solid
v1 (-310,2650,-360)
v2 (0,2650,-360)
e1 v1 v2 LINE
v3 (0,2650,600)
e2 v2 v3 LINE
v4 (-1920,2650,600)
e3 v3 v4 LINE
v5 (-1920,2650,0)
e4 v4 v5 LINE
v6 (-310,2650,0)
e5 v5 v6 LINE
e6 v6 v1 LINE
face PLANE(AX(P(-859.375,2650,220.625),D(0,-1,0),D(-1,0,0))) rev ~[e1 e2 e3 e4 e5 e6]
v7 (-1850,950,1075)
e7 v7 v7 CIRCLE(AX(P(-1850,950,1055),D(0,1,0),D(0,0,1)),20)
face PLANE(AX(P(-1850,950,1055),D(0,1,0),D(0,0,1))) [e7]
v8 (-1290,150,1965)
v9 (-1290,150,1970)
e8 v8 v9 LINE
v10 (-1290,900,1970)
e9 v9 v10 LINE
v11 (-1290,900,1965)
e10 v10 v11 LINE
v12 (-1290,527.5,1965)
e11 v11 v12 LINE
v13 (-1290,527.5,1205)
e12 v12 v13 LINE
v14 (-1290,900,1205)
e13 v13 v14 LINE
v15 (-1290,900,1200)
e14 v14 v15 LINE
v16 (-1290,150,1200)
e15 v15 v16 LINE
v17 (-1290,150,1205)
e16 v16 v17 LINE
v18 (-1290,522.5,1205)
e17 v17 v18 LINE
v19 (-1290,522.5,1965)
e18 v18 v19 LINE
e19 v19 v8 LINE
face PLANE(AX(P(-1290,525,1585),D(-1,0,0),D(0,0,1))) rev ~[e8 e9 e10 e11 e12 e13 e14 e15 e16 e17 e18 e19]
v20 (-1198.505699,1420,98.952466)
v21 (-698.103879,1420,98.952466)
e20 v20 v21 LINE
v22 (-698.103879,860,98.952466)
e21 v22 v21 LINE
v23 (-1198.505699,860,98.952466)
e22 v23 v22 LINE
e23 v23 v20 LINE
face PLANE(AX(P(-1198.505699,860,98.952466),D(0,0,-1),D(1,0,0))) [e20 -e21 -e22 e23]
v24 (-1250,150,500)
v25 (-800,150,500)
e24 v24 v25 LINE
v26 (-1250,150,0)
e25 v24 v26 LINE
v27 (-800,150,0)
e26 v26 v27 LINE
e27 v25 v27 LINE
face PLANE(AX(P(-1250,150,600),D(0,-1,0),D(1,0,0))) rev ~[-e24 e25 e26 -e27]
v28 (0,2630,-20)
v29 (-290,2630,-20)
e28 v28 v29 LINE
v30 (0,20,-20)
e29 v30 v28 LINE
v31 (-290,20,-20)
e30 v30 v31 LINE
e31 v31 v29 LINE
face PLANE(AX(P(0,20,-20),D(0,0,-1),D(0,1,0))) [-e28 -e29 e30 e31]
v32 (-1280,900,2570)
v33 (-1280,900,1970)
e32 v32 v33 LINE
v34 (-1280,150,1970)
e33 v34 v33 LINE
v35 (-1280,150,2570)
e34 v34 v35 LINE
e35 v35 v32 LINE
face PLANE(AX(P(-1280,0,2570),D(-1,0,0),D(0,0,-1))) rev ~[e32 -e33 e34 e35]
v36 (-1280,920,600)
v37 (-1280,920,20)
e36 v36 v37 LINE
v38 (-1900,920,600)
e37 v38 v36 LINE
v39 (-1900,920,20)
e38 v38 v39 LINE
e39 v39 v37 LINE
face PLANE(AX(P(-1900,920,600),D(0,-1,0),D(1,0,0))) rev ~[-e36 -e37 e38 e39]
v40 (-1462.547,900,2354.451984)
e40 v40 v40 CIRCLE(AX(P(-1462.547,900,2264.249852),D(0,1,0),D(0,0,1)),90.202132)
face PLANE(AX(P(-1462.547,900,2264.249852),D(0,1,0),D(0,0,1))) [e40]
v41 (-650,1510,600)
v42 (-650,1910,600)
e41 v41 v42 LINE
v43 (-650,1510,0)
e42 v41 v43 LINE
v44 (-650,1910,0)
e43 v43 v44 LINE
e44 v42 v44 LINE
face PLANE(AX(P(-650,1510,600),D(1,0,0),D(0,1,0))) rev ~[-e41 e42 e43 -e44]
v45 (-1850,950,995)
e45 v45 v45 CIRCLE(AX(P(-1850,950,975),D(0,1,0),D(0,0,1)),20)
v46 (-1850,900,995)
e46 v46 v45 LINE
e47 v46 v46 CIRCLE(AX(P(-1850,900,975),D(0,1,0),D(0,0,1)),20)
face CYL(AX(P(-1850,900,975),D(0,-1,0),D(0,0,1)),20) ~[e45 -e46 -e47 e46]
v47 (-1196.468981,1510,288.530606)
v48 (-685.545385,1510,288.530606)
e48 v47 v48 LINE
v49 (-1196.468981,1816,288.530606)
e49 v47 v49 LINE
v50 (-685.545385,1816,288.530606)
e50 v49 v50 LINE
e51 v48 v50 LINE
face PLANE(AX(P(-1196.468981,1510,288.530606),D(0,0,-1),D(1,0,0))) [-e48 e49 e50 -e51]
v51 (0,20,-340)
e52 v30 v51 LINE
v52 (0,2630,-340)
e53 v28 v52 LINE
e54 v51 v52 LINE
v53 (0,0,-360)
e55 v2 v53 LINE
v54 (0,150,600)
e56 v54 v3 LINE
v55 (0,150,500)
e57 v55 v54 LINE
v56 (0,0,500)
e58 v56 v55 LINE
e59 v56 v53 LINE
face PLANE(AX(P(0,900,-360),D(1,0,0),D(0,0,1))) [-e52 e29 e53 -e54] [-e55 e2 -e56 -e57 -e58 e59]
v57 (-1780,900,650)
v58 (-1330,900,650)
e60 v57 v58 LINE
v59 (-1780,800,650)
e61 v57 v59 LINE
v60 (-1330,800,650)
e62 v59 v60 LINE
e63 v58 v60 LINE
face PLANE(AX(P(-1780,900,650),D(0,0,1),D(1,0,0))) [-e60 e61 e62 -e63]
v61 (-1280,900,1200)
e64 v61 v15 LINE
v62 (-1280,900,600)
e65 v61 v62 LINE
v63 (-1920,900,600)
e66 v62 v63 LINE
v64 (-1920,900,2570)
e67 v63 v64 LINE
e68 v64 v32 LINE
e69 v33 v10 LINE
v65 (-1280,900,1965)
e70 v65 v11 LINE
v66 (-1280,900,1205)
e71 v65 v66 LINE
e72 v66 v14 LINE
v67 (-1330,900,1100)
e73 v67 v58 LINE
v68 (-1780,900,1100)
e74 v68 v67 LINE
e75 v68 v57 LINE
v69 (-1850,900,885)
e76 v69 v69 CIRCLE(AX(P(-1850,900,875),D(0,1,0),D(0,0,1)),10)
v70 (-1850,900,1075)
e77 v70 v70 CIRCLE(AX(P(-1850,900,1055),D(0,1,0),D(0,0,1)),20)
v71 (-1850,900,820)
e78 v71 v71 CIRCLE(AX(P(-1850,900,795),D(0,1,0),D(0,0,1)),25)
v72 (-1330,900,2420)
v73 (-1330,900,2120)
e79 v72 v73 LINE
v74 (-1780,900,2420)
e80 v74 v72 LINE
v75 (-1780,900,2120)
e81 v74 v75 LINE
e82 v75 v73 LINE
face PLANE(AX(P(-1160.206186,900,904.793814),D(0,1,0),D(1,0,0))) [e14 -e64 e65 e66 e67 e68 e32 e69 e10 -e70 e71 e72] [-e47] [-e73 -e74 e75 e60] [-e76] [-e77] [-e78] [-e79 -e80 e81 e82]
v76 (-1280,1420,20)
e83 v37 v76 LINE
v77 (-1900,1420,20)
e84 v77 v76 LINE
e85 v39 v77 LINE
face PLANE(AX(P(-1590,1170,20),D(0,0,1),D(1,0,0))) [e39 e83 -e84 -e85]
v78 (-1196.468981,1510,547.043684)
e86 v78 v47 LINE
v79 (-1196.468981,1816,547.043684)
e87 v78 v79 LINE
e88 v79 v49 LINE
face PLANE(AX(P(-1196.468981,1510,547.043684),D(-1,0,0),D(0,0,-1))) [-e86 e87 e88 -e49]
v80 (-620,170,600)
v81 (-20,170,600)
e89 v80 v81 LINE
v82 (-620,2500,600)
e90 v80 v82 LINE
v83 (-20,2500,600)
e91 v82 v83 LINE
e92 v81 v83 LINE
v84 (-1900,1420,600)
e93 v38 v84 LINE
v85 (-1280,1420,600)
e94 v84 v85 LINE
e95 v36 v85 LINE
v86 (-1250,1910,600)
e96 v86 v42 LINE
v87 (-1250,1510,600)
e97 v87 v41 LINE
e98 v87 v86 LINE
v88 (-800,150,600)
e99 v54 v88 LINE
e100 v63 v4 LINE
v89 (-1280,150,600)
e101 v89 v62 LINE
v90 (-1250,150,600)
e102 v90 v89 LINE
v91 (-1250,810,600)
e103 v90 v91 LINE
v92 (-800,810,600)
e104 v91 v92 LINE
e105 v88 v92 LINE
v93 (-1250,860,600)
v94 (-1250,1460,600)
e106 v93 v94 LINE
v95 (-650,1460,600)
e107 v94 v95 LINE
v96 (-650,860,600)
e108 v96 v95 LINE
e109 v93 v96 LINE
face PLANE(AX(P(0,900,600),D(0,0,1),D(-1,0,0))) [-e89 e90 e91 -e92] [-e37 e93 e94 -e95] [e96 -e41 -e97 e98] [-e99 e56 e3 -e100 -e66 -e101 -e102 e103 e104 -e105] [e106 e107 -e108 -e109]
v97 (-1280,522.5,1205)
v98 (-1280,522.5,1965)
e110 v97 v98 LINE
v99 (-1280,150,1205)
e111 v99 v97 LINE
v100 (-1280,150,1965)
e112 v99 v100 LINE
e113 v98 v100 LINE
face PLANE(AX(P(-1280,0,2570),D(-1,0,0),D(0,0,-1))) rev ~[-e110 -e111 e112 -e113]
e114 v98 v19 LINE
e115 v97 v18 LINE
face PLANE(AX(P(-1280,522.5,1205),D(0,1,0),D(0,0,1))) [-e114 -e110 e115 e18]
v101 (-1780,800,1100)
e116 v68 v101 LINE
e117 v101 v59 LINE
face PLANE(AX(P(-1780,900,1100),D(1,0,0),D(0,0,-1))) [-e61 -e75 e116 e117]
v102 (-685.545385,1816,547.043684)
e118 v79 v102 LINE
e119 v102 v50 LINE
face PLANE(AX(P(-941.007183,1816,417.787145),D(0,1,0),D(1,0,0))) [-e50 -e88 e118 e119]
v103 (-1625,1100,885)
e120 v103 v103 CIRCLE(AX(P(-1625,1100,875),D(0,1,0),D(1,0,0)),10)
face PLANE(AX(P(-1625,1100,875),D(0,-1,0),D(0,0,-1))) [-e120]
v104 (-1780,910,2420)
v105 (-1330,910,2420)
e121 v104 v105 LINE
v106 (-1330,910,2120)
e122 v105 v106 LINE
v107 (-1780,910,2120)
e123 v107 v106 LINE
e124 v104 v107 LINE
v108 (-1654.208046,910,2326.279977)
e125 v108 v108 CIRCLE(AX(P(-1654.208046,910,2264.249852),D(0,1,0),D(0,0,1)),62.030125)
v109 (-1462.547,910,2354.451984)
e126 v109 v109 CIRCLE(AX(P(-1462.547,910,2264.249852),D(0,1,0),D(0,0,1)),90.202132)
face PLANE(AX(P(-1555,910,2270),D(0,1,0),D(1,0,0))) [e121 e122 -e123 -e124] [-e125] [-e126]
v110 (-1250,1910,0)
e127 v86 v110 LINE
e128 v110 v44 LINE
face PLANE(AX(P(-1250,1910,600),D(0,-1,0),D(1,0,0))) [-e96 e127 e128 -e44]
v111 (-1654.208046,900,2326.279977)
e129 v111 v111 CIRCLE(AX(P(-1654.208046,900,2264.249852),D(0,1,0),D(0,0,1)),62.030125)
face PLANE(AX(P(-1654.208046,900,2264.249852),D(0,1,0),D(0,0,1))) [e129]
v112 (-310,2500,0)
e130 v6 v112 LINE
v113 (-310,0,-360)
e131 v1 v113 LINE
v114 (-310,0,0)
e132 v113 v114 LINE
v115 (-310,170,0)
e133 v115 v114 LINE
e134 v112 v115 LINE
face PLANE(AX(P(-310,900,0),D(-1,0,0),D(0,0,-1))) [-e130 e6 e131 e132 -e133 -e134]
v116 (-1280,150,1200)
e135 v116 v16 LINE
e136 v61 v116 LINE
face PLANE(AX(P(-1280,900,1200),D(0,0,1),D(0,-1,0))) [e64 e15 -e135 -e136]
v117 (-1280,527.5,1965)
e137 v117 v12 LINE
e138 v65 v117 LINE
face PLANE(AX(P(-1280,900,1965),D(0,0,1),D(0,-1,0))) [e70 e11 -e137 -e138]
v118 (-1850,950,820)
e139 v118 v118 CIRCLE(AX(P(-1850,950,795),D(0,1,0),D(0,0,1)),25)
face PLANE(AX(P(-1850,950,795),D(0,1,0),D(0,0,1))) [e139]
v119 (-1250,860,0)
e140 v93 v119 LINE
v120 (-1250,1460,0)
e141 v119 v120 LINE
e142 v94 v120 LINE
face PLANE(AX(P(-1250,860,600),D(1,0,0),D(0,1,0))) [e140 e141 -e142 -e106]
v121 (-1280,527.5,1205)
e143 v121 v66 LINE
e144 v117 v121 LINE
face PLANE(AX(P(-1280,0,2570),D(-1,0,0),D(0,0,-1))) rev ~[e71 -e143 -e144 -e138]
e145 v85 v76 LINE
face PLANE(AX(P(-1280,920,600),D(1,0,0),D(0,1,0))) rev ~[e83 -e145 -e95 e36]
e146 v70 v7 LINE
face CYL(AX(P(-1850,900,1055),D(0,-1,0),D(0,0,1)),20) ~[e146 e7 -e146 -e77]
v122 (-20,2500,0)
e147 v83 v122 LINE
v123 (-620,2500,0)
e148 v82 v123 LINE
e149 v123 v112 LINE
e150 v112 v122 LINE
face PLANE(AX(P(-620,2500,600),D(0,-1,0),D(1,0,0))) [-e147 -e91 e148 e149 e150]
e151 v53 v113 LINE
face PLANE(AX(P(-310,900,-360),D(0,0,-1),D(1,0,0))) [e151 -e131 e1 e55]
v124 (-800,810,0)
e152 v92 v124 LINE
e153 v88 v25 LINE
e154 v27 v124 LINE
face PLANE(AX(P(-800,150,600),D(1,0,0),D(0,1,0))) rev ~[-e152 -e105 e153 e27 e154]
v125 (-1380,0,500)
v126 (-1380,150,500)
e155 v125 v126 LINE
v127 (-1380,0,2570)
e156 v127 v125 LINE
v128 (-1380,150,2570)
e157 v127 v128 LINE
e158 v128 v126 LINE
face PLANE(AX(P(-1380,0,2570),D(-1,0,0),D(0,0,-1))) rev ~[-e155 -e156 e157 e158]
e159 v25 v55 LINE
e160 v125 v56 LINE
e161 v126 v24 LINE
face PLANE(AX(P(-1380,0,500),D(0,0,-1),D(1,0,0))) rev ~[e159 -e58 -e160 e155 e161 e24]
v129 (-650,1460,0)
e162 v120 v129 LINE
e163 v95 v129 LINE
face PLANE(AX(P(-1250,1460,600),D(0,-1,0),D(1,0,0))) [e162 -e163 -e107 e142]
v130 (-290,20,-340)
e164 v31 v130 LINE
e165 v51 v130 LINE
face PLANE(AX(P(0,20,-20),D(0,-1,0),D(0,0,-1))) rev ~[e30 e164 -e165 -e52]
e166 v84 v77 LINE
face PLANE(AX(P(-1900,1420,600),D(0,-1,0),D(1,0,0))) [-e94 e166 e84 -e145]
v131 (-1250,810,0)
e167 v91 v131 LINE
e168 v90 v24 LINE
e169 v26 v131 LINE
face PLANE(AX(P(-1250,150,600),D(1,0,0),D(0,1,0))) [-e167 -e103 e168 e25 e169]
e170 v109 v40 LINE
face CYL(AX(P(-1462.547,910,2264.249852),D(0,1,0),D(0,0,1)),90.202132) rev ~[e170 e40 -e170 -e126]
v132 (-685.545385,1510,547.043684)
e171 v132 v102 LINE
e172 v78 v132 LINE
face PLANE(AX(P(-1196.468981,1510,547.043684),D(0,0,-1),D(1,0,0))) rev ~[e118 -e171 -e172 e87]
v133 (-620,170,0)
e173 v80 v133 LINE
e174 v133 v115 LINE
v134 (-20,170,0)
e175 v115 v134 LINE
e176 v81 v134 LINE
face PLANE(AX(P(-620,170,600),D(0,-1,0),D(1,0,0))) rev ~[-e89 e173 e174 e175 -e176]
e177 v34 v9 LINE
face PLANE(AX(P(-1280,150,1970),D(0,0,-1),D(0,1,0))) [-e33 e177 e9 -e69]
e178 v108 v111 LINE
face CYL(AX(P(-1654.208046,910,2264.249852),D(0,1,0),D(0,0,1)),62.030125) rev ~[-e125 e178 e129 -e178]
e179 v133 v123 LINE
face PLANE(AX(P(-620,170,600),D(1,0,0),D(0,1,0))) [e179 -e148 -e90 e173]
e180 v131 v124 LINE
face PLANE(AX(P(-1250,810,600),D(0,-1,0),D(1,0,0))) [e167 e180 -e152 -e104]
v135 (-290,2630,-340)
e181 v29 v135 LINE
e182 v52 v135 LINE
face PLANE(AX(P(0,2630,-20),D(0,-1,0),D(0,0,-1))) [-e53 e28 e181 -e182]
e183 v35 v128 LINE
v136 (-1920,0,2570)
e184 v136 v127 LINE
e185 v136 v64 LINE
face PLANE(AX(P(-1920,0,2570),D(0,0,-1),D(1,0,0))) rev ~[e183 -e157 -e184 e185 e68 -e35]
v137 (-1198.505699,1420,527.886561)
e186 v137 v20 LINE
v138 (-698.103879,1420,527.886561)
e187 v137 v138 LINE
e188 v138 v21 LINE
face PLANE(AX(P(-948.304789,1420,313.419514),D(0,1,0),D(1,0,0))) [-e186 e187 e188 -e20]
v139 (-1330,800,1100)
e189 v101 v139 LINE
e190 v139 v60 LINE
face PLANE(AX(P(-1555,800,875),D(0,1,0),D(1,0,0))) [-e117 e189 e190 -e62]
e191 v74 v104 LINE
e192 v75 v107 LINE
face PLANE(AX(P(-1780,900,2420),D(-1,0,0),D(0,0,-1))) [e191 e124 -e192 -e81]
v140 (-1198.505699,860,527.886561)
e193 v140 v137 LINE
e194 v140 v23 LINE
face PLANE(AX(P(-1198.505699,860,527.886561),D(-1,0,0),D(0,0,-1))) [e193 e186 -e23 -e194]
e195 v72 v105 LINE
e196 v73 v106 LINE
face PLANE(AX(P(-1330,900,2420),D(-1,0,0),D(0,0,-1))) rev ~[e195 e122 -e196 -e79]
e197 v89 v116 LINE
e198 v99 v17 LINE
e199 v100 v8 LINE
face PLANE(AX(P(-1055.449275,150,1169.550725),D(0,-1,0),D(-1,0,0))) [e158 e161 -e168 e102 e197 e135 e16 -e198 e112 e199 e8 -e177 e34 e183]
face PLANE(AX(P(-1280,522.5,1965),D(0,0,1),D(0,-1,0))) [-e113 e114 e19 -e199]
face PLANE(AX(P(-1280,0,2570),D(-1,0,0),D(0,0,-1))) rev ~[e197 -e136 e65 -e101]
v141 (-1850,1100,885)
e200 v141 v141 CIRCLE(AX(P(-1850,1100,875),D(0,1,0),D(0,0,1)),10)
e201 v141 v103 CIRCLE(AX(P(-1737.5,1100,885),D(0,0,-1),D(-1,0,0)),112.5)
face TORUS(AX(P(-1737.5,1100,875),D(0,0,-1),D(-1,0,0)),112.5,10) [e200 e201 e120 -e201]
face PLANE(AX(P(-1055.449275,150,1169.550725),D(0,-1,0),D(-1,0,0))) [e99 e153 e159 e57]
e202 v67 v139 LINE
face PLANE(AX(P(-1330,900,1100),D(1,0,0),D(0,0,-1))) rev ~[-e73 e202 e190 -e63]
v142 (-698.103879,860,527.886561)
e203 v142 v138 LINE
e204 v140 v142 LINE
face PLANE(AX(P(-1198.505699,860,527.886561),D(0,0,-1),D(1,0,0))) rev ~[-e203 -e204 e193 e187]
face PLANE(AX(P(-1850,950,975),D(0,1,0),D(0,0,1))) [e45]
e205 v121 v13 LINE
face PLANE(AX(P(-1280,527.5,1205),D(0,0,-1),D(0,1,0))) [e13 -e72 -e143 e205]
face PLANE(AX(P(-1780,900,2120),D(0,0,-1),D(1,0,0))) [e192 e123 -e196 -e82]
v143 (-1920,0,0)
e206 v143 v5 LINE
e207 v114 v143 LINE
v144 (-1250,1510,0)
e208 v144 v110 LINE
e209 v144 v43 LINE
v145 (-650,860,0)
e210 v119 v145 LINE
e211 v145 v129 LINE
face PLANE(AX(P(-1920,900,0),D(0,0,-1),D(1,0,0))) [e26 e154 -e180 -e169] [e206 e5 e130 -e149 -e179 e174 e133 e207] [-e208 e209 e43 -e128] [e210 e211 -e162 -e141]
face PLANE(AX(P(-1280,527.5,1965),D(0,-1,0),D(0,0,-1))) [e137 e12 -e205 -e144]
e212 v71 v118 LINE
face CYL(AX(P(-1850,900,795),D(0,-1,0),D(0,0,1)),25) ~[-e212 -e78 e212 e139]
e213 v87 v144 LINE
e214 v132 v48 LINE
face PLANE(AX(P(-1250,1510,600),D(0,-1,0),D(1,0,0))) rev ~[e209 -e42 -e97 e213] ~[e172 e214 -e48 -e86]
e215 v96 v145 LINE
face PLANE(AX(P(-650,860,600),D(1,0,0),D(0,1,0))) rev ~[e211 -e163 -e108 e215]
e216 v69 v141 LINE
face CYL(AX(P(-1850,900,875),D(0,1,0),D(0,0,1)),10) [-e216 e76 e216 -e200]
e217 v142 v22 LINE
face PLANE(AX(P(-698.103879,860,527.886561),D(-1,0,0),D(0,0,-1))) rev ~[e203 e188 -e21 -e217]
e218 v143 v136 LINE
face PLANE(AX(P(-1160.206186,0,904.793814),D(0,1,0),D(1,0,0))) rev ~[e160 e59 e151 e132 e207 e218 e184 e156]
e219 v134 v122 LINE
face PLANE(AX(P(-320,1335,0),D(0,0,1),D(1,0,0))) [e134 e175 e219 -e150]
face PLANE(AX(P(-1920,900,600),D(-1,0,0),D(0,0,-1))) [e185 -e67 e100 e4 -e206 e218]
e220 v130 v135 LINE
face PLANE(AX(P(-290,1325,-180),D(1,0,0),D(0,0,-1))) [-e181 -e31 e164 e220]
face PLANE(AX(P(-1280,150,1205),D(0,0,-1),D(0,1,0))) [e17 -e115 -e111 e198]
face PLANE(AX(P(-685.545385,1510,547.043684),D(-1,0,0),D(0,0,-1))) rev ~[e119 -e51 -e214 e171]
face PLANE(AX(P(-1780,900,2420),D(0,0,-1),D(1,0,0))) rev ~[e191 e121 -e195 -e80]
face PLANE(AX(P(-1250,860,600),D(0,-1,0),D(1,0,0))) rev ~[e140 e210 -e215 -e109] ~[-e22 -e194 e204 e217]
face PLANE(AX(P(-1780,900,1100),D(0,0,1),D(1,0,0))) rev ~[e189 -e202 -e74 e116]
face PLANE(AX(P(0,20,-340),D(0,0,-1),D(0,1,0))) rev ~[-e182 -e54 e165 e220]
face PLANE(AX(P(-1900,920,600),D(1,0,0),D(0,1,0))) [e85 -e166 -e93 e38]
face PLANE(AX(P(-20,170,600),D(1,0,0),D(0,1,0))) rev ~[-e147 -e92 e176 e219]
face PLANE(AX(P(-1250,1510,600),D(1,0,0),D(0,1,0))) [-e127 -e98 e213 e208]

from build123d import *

# Parameters (mm, degrees)
EXTRUDE_1_DEPTH      = 900
EXTRUDE_2_DEPTH      = 1750
CUT_EXTRUDE_1_DEPTH  = 150
SKETCH_5_W           = 600
SKETCH_5_H           = 2330
CUT_EXTRUDE_3_DEPTH  = 600
CUT_EXTRUDE_4_REACH  = 3821.66
SKETCH_6_W           = 450
SKETCH_6_H           = 660
SKETCH_7_W           = 600
SKETCH_7_H           = 600
CUT_EXTRUDE_5_DEPTH  = 600
SKETCH_8_W           = 600
SKETCH_8_H           = 400
CUT_EXTRUDE_6_DEPTH  = 600
SKETCH_9_W           = 320
SKETCH_9_H           = 2610
CUT_EXTRUDE_7_DEPTH  = 290
SKETCH_10_W          = 450
SKETCH_10_H          = 450
CUT_EXTRUDE_8_DEPTH  = 100
SKETCH_11_W          = 620
SKETCH_11_H          = 500
CUT_EXTRUDE_9_DEPTH  = 580
SKETCH_12_W          = 450
SKETCH_12_H          = 300
EXTRUDE_3_DEPTH      = 10
SKETCH_13_R          = 62.030124837
SKETCH_13_R_2        = 90.202132014
CUT_EXTRUDE_10_DEPTH = 10
CUT_EXTRUDE_11_DEPTH = 10
SWEEP_1_PROFILE_R    = 10
SKETCH_21_R          = 20
SKETCH_21_R_2        = 25
EXTRUDE_4_DEPTH      = 50
SKETCH_22_W          = 510.923596237
SKETCH_22_H          = 258.513078401
EXTRUDE_5_DEPTH      = 306
SKETCH_23_W          = 500.401819184
SKETCH_23_H          = 428.934094681
EXTRUDE_6_DEPTH      = 560


with BuildPart() as part:
    # Эскиз1 → Бобышка-Вытянуть1 (new body)
    with BuildSketch(Plane(origin=(0, 0, 0), x_dir=(1, 0, 0), z_dir=(0, 1, 0))):
        Polygon((-310, 0), (-1920, 0), (-1920, -2570), (-1280, -2570), (-1280, -600), (0, -600), (0, 0), (0, 360), (-310, 360), align=None)
    extrude(amount=EXTRUDE_1_DEPTH)

    # Эскиз2 → Бобышка-Вытянуть2 (add)
    with BuildSketch(Plane(origin=(0, 900, 0), x_dir=(1, 0, 0), z_dir=(0, 1, 0))):
        Polygon((-1920, 0), (-310, 0), (-310, 360), (0, 360), (0, -600), (-1920, -600), align=None)
    extrude(amount=EXTRUDE_2_DEPTH)

    # Эскиз4 → Вырез-Вытянуть1 (cut)
    with BuildSketch(Plane(origin=(0, 0, 0), x_dir=(-1, 0, 0), z_dir=(0, -1, 0))):
        Polygon((1280, -2570), (1380, -2570), (1380, -500), (0, -500), (0, -600), (1280, -600), align=None)
    extrude(amount=-CUT_EXTRUDE_1_DEPTH, mode=Mode.SUBTRACT)

    # Эскиз5 → Вырез-Вытянуть3 (cut)
    with BuildSketch(Plane.XY.offset(600)):
        with Locations((-320, 1335)):
            Rectangle(SKETCH_5_W, SKETCH_5_H)
    extrude(amount=-CUT_EXTRUDE_3_DEPTH, mode=Mode.SUBTRACT)

    # Вырез-Вытянуть4: up to this face of the body (flat: up to its plane)
    cut_extrude_4_end = Plane(part.part.faces().sort_by_distance((-1247.46854015, 1322.962022459, 0))[0])
    # Эскиз6 → Вырез-Вытянуть4 (cut, up to the picked face)
    with BuildSketch(Plane.XY.offset(600), mode=Mode.PRIVATE) as cut_extrude_4_sk1:
        with Locations((-1025, 480)):
            Rectangle(SKETCH_6_W, SKETCH_6_H)
    cut_extrude_4_tool1 = split(extrude(cut_extrude_4_sk1.sketch, amount=-CUT_EXTRUDE_4_REACH, mode=Mode.PRIVATE), bisect_by=cut_extrude_4_end, keep=Keep.BOTH, mode=Mode.PRIVATE)
    add(cut_extrude_4_tool1.solids().sort_by(Axis((-1025, 480, 600), (0, 0, -1)))[0], mode=Mode.SUBTRACT)

    # Эскиз7 → Вырез-Вытянуть5 (cut)
    with BuildSketch(Plane.XY.offset(600)):
        with Locations((-950, 1160)):
            Rectangle(SKETCH_7_W, SKETCH_7_H)
    extrude(amount=-CUT_EXTRUDE_5_DEPTH, mode=Mode.SUBTRACT)

    # Эскиз8 → Вырез-Вытянуть6 (cut)
    with BuildSketch(Plane.XY.offset(600)):
        with Locations((-950, 1710)):
            Rectangle(SKETCH_8_W, SKETCH_8_H)
    extrude(amount=-CUT_EXTRUDE_6_DEPTH, mode=Mode.SUBTRACT)

    # Эскиз9 → Вырез-Вытянуть7 (cut)
    with BuildSketch(Plane(origin=(0, 0, 0), x_dir=(0, 0, -1), z_dir=(1, 0, 0))):
        with Locations((180, 1325)):
            Rectangle(SKETCH_9_W, SKETCH_9_H)
    extrude(amount=-CUT_EXTRUDE_7_DEPTH, mode=Mode.SUBTRACT)

    # Эскиз10 → Вырез-Вытянуть8 (cut)
    with BuildSketch(Plane(origin=(0, 900, 0), x_dir=(1, 0, 0), z_dir=(0, 1, 0))):
        with Locations((-1555, -875)):
            Rectangle(SKETCH_10_W, SKETCH_10_H)
    extrude(amount=-CUT_EXTRUDE_8_DEPTH, mode=Mode.SUBTRACT)

    # Эскиз11 → Вырез-Вытянуть9 (cut)
    with BuildSketch(Plane.XY.offset(600)):
        with Locations((-1590, 1170)):
            Rectangle(SKETCH_11_W, SKETCH_11_H)
    extrude(amount=-CUT_EXTRUDE_9_DEPTH, mode=Mode.SUBTRACT)

    # Эскиз12 → Бобышка-Вытянуть3 (add)
    with BuildSketch(Plane(origin=(0, 900, 0), x_dir=(1, 0, 0), z_dir=(0, 1, 0))):
        with Locations((-1555, -2270)):
            Rectangle(SKETCH_12_W, SKETCH_12_H)
    extrude(amount=EXTRUDE_3_DEPTH)

    # Эскиз13 → Вырез-Вытянуть10 (cut)
    with BuildSketch(Plane(origin=(0, 910, 0), x_dir=(1, 0, 0), z_dir=(0, 1, 0))):
        with Locations(Location((-1654.208045563, -2264.249851764, 0), (0, 0, 270))):
            Circle(SKETCH_13_R)
        with Locations(Location((-1462.546999968, -2264.249851764, 0), (0, 0, 270))):
            Circle(SKETCH_13_R_2)
    extrude(amount=-CUT_EXTRUDE_10_DEPTH, mode=Mode.SUBTRACT)

    # Эскиз14 → Вырез-Вытянуть11 (cut)
    with BuildSketch(Plane(origin=(-1280, 0, 0), x_dir=(0, 0, -1), z_dir=(1, 0, 0))):
        Polygon((-1970, 900), (-1965, 900), (-1965, 527.5), (-1205, 527.5), (-1205, 900), (-1200, 900), (-1200, 150), (-1205, 150), (-1205, 522.5), (-1965, 522.5), (-1965, 150), (-1970, 150), align=None)
    extrude(amount=-CUT_EXTRUDE_11_DEPTH, mode=Mode.SUBTRACT)

    # По траектории1: sweep along a curve in space
    with BuildLine() as sweep_1_path:
        Line((-1850, 900, 875), (-1850, 1100, 875))
        ThreePointArc((-1850, 1100, 875), (-1737.5, 1212.5, 875), (-1625, 1100, 875))
    # По траектории1 profile (on start of the path) → По траектории1 (sweep)
    with BuildSketch(Plane(origin=(-1850, 900, 875), x_dir=(0, 0, 1), z_dir=(0, 1, 0))):
        Circle(SWEEP_1_PROFILE_R)
    sweep(path=sweep_1_path.line)

    # Эскиз21 → Бобышка-Вытянуть4 (add)
    with BuildSketch(Plane(origin=(0, 900, 0), x_dir=(1, 0, 0), z_dir=(0, 1, 0))):
        with Locations(Location((-1850, -975, 0), (0, 0, 270))):
            Circle(SKETCH_21_R)
        with Locations(Location((-1850, -1055, 0), (0, 0, 270))):
            Circle(SKETCH_21_R)
        with Locations(Location((-1850, -795, 0), (0, 0, 270))):
            Circle(SKETCH_21_R_2)
    extrude(amount=EXTRUDE_4_DEPTH)

    # Эскиз22 → Бобышка-Вытянуть5 (add)
    with BuildSketch(Plane(origin=(0, 1510, 0), x_dir=(1, 0, 0), z_dir=(0, 1, 0))):
        with Locations((-941.007183296, -417.787145218)):
            Rectangle(SKETCH_22_W, SKETCH_22_H)
    extrude(amount=EXTRUDE_5_DEPTH)

    # Эскиз23 → Бобышка-Вытянуть6 (add)
    with BuildSketch(Plane(origin=(0, 860, 0), x_dir=(1, 0, 0), z_dir=(0, 1, 0))):
        with Locations((-948.304788949, -313.419513713)):
            Rectangle(SKETCH_23_W, SKETCH_23_H)
    extrude(amount=EXTRUDE_6_DEPTH)


solid = part.part
